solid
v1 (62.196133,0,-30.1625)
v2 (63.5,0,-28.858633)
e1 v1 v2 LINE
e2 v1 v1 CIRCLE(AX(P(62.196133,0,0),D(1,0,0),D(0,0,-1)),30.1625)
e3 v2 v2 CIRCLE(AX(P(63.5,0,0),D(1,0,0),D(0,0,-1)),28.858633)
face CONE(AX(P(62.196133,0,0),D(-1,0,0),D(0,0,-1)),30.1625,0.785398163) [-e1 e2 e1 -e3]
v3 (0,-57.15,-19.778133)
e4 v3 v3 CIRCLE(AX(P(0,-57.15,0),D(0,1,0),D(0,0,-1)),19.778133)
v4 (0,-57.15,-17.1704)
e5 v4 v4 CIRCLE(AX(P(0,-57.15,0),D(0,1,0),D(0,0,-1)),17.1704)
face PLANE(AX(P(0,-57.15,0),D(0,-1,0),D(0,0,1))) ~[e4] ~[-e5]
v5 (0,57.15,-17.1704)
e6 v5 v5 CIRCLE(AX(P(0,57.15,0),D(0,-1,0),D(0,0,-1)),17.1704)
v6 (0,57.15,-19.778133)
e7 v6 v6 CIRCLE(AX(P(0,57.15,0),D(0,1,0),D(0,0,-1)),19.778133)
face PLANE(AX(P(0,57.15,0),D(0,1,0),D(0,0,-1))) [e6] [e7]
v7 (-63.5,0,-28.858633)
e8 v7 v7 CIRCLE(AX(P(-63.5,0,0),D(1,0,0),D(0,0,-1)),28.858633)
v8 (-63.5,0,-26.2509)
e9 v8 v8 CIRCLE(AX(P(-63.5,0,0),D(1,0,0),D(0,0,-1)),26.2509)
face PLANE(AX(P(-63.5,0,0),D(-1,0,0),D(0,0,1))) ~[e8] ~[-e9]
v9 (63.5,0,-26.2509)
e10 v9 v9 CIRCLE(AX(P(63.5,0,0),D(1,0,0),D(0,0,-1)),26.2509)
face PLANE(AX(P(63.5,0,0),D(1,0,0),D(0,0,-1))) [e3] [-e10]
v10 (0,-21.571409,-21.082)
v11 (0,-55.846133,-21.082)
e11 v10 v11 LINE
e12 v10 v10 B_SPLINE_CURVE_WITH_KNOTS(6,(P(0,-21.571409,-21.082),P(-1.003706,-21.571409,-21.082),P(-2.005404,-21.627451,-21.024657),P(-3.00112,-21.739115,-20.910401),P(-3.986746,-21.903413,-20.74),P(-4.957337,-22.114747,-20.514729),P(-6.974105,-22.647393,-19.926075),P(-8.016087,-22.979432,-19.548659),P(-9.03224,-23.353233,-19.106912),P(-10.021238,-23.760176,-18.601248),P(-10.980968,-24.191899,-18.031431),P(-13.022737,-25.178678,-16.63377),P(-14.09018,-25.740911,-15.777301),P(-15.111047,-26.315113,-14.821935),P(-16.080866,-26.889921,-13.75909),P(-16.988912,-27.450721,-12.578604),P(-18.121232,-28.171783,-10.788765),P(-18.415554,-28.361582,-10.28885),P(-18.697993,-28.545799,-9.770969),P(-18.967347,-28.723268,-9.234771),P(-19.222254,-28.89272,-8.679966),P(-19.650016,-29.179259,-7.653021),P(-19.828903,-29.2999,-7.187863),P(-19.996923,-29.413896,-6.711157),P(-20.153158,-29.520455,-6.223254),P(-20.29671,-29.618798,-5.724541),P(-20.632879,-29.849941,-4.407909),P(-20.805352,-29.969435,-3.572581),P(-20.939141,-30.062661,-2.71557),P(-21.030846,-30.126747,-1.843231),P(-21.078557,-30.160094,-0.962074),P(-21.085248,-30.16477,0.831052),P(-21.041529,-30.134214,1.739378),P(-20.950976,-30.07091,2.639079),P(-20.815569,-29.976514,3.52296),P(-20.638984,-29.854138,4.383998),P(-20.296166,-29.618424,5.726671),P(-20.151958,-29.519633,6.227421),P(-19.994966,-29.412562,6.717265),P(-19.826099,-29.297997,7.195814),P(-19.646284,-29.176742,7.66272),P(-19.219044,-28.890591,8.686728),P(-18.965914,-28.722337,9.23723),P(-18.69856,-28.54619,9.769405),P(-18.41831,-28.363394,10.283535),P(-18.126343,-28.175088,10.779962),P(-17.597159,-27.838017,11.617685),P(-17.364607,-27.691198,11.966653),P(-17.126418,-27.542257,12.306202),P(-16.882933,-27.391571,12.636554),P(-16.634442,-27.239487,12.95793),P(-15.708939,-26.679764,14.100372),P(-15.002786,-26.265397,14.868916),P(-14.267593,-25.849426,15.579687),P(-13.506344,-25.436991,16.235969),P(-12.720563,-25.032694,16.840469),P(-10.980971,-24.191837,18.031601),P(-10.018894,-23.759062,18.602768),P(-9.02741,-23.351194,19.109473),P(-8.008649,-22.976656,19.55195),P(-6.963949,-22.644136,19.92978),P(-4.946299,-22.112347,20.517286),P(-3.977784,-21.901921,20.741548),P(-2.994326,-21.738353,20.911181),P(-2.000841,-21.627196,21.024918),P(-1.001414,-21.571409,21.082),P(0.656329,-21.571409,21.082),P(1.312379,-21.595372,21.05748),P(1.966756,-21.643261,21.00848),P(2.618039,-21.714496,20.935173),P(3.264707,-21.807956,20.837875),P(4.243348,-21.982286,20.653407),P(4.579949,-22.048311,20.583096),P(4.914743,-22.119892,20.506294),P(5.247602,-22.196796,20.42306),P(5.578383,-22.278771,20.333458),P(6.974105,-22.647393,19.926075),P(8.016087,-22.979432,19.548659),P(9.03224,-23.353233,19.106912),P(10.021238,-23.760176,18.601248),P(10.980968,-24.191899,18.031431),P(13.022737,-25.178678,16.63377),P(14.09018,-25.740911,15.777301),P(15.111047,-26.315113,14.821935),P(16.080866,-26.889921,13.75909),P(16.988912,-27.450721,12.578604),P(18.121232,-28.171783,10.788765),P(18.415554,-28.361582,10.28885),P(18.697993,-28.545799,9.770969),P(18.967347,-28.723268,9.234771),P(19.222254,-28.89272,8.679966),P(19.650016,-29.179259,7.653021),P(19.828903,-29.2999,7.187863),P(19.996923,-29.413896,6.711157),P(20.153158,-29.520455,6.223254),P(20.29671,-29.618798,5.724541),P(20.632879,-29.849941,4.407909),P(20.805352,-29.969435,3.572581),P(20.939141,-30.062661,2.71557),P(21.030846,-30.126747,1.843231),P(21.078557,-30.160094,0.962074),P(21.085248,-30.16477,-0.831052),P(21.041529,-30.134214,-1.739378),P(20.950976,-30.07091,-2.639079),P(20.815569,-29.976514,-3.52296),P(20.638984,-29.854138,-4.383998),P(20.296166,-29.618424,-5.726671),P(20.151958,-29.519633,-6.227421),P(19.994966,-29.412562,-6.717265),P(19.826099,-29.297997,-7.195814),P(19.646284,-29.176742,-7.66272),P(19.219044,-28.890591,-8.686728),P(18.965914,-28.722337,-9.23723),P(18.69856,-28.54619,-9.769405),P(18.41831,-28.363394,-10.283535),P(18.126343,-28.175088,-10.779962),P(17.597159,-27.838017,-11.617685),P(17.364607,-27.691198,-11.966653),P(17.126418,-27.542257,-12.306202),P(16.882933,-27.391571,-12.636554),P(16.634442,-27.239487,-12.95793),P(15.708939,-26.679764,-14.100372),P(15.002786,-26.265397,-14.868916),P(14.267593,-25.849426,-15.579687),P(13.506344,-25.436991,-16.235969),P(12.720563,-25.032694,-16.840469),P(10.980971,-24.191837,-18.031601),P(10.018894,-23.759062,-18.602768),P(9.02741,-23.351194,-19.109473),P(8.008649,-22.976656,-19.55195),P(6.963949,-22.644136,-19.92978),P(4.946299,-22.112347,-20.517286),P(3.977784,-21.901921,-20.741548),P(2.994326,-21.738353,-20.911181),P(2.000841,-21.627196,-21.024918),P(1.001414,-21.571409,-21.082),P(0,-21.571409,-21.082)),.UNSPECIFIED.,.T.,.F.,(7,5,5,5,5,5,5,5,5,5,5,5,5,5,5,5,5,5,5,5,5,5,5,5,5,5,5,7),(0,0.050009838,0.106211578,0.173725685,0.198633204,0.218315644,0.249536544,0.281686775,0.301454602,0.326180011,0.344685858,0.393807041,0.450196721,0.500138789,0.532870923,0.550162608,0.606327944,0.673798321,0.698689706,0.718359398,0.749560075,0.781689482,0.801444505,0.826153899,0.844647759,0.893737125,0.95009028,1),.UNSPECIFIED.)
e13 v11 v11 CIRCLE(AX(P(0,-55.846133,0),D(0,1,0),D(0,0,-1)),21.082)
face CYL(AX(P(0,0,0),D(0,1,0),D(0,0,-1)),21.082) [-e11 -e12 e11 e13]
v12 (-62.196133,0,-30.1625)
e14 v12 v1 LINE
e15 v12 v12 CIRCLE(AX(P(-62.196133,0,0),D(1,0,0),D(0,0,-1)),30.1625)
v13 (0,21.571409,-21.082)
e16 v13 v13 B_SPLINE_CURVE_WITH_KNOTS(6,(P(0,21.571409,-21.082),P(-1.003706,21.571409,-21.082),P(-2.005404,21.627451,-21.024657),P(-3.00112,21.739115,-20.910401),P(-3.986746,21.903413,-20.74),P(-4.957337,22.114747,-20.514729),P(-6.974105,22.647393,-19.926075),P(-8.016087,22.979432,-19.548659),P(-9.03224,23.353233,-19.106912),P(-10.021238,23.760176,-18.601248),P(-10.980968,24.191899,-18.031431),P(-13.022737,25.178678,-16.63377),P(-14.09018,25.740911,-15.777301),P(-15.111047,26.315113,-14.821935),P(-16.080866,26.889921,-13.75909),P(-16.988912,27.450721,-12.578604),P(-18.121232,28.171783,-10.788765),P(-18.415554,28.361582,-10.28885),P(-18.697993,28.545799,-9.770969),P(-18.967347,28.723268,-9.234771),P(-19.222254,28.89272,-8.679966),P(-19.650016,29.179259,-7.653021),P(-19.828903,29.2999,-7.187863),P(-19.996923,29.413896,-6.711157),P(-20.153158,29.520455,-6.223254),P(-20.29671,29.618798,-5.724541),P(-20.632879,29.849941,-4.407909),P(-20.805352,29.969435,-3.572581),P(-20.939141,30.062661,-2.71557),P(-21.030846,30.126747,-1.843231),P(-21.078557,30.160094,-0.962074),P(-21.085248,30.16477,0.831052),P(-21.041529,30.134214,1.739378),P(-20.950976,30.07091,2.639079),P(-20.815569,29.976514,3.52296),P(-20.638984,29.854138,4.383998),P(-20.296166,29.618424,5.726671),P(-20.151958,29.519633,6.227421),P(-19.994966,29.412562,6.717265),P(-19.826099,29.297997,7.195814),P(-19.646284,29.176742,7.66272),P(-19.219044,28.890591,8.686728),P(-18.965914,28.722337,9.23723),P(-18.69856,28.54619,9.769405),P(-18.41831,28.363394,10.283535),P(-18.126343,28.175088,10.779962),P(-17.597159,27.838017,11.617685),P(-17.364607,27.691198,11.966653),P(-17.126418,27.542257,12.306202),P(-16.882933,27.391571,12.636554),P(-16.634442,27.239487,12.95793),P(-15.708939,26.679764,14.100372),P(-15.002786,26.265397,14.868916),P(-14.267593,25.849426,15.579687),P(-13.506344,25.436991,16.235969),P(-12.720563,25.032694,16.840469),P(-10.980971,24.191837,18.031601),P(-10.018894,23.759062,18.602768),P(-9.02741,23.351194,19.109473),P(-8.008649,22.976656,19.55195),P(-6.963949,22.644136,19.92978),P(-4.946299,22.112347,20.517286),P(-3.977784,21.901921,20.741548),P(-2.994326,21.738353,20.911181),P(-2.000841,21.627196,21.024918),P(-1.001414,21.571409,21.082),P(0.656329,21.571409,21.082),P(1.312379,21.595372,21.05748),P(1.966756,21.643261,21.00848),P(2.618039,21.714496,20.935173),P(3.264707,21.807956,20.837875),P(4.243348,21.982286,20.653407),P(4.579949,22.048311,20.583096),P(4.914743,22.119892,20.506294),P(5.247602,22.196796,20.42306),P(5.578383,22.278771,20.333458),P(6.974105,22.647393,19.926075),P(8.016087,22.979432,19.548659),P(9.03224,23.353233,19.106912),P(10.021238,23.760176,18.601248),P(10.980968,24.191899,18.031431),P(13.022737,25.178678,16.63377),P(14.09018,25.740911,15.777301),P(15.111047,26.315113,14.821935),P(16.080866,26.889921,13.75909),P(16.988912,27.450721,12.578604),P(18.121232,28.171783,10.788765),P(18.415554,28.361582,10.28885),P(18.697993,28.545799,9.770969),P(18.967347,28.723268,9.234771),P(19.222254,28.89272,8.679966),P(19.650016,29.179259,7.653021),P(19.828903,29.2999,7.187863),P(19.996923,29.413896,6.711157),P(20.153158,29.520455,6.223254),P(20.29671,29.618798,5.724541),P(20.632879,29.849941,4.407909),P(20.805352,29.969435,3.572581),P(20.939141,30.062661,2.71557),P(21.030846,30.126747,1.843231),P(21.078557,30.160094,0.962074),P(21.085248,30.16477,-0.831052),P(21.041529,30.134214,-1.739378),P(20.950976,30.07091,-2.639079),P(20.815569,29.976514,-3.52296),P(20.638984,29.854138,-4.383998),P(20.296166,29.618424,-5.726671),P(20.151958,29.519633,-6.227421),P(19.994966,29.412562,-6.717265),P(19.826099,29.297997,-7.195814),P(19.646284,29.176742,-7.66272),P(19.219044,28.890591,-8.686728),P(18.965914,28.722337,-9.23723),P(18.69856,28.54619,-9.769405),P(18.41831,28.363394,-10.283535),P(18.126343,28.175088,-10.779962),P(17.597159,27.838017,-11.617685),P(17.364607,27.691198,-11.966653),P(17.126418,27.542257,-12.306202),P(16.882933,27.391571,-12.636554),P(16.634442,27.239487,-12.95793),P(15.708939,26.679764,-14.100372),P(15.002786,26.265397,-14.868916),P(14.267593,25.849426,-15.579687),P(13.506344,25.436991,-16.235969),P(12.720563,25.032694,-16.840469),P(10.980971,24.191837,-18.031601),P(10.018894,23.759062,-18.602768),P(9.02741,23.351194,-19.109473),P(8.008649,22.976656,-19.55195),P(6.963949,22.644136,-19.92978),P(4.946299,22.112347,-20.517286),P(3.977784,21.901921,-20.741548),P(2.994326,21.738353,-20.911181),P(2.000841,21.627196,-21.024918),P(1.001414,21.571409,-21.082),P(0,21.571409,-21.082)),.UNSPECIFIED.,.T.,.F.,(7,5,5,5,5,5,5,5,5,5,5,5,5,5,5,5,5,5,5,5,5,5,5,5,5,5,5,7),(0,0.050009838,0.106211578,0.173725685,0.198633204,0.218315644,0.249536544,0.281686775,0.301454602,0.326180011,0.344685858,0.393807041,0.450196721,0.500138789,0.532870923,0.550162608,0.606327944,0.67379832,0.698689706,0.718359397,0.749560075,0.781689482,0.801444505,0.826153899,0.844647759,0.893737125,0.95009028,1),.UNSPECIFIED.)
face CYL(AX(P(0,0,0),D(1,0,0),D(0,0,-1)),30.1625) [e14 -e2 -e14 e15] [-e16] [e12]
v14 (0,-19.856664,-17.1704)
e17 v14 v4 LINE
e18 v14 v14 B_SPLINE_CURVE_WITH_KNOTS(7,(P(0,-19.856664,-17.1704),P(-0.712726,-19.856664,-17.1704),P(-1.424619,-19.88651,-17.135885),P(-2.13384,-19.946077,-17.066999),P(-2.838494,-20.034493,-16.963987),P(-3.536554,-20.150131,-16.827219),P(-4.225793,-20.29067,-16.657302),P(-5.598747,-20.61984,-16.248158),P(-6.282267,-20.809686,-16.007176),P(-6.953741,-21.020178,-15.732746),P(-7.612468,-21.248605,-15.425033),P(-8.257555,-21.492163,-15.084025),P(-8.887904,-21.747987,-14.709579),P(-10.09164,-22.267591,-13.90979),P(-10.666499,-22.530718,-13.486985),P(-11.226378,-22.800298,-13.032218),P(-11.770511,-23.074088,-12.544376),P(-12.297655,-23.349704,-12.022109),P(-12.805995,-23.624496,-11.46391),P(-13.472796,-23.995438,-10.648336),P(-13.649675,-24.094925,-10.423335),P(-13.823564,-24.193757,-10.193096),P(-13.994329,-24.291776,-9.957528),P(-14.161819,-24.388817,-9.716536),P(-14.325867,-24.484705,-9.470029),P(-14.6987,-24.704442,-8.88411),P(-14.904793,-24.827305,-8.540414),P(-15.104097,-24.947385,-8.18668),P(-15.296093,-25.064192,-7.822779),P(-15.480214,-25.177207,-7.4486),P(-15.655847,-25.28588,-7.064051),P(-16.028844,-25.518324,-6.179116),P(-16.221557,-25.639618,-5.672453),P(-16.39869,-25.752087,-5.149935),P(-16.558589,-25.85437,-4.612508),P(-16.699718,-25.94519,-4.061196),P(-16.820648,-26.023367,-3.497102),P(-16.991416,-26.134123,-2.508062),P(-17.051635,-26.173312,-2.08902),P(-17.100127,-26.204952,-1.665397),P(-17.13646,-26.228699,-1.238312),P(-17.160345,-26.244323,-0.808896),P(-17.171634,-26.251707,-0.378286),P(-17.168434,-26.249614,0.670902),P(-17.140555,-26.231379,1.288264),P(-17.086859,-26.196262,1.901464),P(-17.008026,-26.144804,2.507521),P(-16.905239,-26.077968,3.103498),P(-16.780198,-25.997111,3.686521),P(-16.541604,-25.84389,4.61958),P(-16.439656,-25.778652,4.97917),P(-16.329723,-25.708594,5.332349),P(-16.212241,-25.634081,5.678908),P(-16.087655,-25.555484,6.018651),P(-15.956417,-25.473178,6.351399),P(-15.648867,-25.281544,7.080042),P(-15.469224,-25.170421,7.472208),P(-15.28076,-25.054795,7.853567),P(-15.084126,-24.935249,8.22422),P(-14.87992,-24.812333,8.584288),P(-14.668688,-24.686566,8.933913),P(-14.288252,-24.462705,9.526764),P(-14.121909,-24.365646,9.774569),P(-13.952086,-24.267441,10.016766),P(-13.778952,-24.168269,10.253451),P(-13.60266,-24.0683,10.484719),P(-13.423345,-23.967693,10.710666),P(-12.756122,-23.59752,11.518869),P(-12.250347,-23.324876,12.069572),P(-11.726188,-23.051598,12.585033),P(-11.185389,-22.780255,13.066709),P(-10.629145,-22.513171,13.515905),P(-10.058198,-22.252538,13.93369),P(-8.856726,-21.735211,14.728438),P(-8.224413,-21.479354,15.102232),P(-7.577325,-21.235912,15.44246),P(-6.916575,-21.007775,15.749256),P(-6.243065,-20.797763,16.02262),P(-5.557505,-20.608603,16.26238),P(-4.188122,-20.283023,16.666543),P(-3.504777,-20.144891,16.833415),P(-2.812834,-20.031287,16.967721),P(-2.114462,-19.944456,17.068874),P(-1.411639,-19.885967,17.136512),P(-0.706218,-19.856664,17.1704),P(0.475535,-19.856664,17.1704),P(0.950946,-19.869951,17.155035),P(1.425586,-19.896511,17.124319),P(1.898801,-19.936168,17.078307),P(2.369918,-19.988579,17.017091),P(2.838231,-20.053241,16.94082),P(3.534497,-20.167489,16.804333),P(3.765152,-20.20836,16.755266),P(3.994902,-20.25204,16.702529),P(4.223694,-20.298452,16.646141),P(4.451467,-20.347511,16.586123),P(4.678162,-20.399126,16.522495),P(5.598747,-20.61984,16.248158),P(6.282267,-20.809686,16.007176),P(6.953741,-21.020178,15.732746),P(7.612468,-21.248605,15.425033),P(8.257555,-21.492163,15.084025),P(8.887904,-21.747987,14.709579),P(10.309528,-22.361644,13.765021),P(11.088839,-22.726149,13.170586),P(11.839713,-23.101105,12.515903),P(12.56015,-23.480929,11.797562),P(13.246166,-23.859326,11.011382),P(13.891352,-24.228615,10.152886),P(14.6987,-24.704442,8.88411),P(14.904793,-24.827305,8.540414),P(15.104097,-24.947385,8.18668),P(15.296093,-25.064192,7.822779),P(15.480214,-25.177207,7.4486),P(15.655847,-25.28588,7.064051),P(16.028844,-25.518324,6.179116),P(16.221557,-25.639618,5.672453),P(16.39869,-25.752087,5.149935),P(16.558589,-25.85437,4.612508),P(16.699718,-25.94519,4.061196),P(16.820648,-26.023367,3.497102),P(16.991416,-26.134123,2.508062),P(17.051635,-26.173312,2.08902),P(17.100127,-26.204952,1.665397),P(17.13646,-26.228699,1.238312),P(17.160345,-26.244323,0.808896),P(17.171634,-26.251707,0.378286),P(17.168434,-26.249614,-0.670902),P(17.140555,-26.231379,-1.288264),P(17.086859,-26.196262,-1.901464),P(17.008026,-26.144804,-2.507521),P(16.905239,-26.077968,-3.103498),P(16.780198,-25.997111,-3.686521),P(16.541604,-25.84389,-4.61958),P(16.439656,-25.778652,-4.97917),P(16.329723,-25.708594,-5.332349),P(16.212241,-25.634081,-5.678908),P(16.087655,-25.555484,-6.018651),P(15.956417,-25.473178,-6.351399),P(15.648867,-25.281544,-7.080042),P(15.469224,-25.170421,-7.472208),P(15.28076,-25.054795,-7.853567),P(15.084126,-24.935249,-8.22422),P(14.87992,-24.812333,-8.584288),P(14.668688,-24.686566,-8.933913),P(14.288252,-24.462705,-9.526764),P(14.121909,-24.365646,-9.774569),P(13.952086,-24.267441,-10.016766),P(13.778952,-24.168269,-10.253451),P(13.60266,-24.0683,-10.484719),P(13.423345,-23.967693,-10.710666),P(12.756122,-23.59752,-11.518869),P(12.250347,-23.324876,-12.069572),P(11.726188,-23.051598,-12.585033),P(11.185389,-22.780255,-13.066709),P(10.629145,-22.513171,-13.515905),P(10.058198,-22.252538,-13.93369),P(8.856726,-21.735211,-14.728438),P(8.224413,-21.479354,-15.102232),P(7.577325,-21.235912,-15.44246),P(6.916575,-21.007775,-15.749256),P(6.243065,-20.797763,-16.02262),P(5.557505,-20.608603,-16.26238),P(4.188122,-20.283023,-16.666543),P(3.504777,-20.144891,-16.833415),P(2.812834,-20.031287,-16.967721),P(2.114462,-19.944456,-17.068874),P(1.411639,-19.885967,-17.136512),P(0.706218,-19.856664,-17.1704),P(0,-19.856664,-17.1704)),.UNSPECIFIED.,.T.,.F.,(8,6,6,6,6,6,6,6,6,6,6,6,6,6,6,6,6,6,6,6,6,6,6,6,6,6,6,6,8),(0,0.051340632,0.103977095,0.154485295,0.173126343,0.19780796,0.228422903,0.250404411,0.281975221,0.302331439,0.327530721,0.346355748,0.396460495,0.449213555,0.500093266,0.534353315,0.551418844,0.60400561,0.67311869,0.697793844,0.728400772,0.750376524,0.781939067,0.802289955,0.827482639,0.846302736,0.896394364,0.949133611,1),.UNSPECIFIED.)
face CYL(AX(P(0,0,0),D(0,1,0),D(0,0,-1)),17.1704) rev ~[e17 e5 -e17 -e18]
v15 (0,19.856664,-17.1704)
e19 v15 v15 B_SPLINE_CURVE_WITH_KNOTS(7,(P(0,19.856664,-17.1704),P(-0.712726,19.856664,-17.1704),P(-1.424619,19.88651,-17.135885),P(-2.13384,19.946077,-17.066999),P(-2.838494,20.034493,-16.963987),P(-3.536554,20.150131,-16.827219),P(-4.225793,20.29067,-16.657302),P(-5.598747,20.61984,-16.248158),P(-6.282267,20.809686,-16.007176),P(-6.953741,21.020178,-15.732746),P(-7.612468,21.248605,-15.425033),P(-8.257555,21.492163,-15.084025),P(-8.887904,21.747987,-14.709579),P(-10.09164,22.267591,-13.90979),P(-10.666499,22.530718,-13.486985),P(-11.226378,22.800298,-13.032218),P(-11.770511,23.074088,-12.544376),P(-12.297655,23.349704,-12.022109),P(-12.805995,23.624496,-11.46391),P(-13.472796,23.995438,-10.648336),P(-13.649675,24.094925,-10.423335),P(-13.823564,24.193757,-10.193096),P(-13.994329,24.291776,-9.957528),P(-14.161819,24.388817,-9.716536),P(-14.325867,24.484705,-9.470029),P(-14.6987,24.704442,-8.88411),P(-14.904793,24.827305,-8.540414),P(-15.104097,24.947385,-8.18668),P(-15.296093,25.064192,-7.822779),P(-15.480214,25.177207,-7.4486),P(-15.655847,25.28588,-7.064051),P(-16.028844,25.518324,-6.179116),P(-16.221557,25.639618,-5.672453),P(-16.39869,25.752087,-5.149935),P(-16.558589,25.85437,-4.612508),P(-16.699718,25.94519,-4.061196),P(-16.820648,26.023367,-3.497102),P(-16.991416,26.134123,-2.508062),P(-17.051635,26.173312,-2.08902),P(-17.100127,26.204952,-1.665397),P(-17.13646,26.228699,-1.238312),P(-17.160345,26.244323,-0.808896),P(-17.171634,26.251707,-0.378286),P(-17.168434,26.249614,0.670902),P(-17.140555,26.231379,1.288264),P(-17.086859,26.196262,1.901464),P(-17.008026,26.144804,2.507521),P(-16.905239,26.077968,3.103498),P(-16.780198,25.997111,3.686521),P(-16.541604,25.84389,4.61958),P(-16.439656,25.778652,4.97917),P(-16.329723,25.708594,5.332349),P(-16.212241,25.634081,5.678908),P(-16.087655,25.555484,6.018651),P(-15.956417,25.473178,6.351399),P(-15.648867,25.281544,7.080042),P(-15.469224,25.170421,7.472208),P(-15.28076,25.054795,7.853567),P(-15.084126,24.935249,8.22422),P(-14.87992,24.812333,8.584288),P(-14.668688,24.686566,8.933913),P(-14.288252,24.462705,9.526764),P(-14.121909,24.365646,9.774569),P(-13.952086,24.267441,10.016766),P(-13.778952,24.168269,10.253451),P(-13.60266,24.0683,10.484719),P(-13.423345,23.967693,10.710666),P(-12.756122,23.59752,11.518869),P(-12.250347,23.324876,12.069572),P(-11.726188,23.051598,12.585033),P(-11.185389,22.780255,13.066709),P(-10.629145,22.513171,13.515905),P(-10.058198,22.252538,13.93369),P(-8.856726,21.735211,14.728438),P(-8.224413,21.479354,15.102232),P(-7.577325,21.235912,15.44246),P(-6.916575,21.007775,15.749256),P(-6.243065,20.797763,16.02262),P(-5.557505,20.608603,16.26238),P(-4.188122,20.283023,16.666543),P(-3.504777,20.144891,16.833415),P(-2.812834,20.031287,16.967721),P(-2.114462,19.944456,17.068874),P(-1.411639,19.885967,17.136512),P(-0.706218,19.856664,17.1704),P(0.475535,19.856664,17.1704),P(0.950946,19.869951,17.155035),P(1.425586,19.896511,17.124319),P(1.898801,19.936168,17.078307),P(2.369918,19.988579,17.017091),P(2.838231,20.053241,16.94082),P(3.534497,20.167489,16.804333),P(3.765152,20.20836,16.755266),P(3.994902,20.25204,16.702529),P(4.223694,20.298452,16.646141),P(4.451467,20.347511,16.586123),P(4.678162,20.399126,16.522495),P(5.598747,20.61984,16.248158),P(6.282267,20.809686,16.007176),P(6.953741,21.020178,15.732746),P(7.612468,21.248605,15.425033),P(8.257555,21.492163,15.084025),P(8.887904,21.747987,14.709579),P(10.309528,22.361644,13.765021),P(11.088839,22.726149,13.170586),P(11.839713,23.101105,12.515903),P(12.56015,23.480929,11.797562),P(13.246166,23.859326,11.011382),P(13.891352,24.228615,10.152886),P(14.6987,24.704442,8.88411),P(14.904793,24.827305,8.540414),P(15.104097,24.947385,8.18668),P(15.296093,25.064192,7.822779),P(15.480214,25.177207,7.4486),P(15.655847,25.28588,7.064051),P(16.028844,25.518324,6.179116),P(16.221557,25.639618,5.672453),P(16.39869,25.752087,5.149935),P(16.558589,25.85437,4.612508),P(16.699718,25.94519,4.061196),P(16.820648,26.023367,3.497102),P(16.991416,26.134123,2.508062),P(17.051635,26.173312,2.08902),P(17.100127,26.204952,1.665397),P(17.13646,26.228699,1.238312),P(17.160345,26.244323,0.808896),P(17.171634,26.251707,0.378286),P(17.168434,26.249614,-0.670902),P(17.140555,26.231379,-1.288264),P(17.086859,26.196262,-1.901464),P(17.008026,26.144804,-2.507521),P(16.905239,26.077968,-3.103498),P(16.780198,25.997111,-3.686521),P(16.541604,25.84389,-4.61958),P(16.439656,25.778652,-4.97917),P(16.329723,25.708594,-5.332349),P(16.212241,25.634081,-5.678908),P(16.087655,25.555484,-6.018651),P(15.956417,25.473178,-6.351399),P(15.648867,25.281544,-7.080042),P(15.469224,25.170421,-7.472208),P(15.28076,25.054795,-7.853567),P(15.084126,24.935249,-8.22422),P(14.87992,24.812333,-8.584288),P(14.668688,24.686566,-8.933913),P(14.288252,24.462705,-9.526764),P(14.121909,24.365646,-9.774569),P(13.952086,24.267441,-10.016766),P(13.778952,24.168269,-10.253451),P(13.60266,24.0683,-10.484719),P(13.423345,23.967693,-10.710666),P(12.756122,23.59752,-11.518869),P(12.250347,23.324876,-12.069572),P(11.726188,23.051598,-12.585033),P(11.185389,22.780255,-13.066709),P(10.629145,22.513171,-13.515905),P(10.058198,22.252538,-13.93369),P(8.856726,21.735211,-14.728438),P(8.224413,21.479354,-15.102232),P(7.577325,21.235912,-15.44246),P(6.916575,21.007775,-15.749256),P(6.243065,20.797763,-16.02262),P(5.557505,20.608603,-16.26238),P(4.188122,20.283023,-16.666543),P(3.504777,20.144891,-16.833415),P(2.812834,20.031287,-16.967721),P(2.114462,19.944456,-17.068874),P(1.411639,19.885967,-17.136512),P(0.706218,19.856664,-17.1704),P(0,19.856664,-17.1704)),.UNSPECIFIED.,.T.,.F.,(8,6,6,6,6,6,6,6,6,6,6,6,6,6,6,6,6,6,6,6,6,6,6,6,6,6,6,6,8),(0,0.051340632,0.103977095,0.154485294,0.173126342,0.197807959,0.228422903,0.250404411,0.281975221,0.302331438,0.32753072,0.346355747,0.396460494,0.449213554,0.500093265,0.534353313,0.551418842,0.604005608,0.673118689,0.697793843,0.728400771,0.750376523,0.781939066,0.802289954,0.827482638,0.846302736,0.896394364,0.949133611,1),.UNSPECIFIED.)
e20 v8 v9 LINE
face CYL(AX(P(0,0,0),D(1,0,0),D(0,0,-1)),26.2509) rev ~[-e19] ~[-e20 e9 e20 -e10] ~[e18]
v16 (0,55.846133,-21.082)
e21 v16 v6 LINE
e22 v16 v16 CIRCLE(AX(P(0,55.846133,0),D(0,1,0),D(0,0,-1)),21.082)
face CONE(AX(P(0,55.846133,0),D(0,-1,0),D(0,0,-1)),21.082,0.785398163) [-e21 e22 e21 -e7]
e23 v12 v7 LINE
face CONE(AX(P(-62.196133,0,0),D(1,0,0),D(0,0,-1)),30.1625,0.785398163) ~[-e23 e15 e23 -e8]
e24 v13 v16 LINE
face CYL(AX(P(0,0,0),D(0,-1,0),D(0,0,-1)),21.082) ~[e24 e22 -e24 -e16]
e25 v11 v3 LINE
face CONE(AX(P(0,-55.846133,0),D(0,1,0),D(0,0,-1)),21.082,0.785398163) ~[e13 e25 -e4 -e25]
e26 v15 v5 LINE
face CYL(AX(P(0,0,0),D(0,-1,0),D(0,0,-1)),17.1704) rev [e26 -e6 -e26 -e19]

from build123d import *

# Parameters (mm, degrees)
RUNROUTE_R          = 30.1625
RUNEXTRUDE_DEPTH    = 63.5
OUTLETROUTE_R       = 21.082
OUTLETEXTRUDE_DEPTH = 57.15
CROSSSHELL_T        = -3.9116
CROSSCHAMFER_SIZE   = 1.303866667


with BuildPart() as part:
    # RunRoute → RunExtrude (new body)
    with BuildSketch(Plane(origin=(0, 0, 0), x_dir=(0, 0, -1), z_dir=(1, 0, 0))):
        Circle(RUNROUTE_R)
    runextrude = extrude(amount=RUNEXTRUDE_DEPTH)

    # RunExtrudeMirror: RunExtrude across plane
    add(runextrude.mirror(Plane(origin=(0, 0, 0), x_dir=(0, 0, 1), z_dir=(1, 0, 0))))

    # OutletRoute → OutletExtrude (add)
    with BuildSketch(Plane(origin=(0, 0, 0), x_dir=(1, 0, 0), z_dir=(0, 1, 0))):
        with Locations(Location((0, 0, 0), (0, 0, 90))):
            Circle(OUTLETROUTE_R)
    outletextrude = extrude(amount=OUTLETEXTRUDE_DEPTH)

    # OutletExtrudeMirror: OutletExtrude across plane
    add(outletextrude.mirror(Plane.ZX))

    # CrossShell
    crossshell_openings = [part.faces().sort_by_distance(p)[0] for p in [
        (63.5, 0, 0),
        (0, 57.15, 0),
        (0, -57.15, 0),
        (-63.5, 0, 0),
    ]]
    offset(amount=CROSSSHELL_T, openings=crossshell_openings, kind=Kind.INTERSECTION)

    # CrossChamfer
    crosschamfer_edges = [part.edges().sort_by_distance(p)[0] for p in [
        (0, -57.15, 21.082),
        (63.5, 0, 30.1625),
        (-63.5, 0, 30.1625),
        (0, 57.15, 21.082),
    ]]
    chamfer(crosschamfer_edges, length=CROSSCHAMFER_SIZE)


solid = part.part
